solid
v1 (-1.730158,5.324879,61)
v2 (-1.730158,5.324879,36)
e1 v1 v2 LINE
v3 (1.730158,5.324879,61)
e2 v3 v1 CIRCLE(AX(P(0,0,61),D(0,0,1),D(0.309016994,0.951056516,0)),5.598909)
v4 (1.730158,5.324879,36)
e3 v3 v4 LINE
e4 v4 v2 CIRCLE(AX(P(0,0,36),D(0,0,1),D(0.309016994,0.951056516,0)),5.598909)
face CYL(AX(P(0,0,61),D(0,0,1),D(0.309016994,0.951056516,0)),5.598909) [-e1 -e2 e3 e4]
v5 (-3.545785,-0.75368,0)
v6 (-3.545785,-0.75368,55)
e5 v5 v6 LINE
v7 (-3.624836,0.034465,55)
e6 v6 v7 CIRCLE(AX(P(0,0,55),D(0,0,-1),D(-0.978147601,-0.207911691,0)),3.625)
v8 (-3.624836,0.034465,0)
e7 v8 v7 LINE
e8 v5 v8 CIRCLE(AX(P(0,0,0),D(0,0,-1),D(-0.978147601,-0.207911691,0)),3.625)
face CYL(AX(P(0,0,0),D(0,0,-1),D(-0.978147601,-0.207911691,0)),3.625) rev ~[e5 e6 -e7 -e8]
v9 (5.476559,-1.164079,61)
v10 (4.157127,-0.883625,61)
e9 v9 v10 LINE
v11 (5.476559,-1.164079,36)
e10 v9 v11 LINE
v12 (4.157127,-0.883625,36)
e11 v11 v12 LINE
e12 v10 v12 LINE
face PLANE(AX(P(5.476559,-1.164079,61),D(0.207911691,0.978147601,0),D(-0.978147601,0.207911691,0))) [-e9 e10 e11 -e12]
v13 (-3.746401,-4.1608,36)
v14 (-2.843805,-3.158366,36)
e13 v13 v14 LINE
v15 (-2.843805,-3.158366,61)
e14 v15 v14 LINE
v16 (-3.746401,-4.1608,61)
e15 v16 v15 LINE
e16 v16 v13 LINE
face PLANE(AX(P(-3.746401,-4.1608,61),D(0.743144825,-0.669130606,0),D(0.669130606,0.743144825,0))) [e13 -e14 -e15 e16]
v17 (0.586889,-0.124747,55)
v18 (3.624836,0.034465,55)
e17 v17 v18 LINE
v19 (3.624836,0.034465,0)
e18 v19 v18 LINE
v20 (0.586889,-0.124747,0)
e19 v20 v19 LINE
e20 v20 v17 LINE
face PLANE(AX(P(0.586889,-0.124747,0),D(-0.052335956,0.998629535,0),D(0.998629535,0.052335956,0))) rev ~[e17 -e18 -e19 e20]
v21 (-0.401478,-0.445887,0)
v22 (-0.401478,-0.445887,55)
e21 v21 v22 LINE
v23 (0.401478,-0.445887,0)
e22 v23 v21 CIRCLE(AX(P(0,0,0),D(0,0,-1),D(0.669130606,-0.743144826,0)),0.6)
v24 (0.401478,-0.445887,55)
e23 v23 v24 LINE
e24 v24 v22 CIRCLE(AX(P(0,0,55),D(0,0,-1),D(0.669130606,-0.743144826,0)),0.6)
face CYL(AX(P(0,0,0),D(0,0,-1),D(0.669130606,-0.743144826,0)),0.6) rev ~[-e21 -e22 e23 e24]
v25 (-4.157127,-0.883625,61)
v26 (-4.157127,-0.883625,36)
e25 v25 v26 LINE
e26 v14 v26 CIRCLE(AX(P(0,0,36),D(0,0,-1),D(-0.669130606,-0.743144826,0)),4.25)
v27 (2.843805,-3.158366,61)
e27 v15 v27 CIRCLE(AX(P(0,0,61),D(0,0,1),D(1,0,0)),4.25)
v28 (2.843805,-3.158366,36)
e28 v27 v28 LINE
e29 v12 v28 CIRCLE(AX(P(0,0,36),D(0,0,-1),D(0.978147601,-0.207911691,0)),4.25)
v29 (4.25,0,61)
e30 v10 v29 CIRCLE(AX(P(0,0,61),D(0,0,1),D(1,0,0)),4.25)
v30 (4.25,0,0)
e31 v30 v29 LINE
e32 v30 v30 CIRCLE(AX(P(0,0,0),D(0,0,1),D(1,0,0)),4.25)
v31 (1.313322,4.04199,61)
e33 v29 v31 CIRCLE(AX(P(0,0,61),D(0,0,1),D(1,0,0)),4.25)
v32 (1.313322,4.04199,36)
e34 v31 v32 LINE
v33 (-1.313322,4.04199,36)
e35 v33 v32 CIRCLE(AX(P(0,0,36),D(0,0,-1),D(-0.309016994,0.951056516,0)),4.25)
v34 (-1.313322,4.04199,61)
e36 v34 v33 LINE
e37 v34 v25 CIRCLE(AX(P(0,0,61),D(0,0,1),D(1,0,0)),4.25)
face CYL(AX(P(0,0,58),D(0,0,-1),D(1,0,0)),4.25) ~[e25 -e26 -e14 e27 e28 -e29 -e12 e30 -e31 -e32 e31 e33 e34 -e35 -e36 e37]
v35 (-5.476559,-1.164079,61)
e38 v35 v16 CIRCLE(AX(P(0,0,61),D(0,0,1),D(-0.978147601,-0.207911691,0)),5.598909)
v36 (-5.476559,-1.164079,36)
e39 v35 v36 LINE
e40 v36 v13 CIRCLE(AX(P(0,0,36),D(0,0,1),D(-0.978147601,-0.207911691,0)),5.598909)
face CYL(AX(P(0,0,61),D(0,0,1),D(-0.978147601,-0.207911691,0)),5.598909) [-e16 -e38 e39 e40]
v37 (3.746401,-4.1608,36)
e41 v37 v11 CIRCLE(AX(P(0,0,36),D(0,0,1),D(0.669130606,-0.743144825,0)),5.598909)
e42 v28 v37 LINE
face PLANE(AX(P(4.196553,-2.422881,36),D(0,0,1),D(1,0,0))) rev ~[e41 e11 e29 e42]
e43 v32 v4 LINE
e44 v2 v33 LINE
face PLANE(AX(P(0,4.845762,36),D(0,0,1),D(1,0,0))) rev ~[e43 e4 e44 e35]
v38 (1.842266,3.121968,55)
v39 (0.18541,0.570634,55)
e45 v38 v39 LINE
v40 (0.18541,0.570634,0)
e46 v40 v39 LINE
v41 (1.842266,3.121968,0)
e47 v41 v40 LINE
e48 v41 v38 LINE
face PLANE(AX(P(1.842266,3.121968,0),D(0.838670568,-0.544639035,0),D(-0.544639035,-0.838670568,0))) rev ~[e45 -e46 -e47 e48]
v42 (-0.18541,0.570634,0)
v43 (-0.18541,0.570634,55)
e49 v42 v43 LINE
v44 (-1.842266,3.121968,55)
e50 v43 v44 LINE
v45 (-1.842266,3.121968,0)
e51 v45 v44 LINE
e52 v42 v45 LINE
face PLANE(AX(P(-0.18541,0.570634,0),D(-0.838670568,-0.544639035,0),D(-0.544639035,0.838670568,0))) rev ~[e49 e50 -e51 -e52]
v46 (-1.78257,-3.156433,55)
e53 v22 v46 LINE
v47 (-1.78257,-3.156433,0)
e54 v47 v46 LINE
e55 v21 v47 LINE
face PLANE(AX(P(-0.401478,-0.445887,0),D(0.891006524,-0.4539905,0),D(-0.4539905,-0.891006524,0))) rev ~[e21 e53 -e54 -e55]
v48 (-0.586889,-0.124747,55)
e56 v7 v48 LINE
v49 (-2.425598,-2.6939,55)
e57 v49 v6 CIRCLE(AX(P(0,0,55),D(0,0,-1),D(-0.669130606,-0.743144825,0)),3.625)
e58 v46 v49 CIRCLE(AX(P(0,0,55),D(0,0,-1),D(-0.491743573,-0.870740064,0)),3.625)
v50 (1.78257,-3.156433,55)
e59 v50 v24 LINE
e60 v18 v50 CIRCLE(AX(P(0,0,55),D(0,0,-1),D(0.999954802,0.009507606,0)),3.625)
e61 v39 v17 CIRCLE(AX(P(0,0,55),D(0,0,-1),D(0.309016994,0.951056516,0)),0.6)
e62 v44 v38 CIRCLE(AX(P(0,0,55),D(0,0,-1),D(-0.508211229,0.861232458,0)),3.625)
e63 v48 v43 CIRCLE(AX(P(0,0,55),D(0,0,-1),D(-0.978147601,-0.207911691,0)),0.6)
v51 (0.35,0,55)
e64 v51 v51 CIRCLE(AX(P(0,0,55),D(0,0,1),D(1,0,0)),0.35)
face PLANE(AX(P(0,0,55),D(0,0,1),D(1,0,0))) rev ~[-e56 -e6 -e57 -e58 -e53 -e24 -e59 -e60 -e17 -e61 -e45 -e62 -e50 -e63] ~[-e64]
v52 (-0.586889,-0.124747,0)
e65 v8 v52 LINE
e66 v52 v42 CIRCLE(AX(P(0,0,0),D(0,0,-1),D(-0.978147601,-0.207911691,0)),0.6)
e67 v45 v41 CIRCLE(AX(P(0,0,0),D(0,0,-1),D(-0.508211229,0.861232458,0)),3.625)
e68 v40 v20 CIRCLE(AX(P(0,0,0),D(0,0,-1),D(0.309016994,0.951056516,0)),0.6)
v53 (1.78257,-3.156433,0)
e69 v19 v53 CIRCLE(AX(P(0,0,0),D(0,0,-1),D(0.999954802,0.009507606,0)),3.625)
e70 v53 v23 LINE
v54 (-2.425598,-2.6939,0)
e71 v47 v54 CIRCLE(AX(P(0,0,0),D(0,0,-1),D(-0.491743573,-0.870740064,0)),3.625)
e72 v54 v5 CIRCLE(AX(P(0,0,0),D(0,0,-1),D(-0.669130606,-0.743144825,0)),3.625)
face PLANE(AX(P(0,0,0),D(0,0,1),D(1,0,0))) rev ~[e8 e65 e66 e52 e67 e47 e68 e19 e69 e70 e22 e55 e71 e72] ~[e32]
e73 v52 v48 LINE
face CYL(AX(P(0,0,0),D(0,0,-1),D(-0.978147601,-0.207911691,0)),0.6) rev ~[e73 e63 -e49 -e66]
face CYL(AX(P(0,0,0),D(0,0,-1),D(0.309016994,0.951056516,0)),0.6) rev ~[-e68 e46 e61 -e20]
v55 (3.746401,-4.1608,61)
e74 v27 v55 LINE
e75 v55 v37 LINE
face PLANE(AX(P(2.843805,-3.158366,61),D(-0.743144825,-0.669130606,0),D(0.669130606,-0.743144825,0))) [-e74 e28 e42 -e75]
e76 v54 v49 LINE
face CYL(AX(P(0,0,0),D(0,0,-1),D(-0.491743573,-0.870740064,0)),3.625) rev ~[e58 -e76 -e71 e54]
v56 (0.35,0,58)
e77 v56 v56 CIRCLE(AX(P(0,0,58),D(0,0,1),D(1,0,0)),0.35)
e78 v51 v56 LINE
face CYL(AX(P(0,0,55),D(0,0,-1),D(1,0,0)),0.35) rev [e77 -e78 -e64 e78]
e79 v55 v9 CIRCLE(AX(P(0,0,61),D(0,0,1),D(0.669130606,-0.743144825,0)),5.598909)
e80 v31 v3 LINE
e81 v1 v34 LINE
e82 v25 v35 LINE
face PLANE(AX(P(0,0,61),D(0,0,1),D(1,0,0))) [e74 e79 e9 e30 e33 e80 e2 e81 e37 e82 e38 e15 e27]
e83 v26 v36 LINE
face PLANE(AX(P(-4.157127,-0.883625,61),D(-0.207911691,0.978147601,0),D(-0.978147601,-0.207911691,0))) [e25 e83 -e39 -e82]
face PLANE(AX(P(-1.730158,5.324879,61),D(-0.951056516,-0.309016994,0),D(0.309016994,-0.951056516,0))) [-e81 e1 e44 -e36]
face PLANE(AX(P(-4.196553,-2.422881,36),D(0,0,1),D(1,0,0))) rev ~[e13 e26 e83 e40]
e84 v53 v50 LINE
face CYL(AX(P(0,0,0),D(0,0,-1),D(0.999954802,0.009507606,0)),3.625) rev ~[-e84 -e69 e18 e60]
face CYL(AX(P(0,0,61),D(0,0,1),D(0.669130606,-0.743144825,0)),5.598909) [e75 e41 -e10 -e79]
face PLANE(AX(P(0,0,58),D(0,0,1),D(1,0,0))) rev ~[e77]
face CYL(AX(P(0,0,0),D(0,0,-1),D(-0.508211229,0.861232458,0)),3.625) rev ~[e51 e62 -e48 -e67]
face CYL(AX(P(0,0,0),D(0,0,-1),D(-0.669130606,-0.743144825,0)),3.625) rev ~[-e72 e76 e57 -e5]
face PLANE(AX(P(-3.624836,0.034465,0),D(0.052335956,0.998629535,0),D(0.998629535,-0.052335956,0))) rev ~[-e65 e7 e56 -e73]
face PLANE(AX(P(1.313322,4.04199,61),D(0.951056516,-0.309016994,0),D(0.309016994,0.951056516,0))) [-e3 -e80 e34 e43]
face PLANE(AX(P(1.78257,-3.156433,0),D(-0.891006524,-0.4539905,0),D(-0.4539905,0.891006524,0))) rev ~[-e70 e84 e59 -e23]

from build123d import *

# Parameters (mm, degrees)
F0_R     = 4.25
F1_DEPTH = 55
F2_R     = 4.25
F2_R_2   = 0.35
F3_DEPTH = 3
F4_R     = 4.25
F5_DEPTH = 3
F7_DEPTH = 25


with BuildPart() as f1:
    # F0 (on Top) → F1 (new body)
    with BuildSketch(Plane.XY):
        Circle(F0_R)
        with BuildLine():
            ThreePointArc((0.4014783638, -0.4458868953), (0, -0.6), (-0.4014783638, -0.4458868953))
            Line((-0.4014783638, -0.4458868953), (-1.7825704497, -3.1564327321))
            ThreePointArc((-1.7825704497, -3.1564327321), (-2.1167558909, -2.9427826114), (-2.4255984481, -2.6938999924))
            ThreePointArc((-2.4255984481, -2.6938999924), (-3.1393420887, -1.8125), (-3.5457850527, -0.7536798792))
            ThreePointArc((-3.5457850527, -0.7536798792), (-3.6069024448, -0.3617730694), (-3.6248361561, 0.0344650726))
            Line((-3.6248361561, 0.0344650726), (-0.5868885604, -0.1247470145))
            ThreePointArc((-0.5868885604, -0.1247470145), (-0.5196152423, 0.3), (-0.1854101966, 0.5706339098))
            Line((-0.1854101966, 0.5706339098), (-1.8422657065, 3.1219676595))
            ThreePointArc((-1.8422657065, 3.1219676595), (0, 3.625), (1.8422657065, 3.1219676595))
            Line((1.8422657065, 3.1219676595), (0.1854101966, 0.5706339098))
            ThreePointArc((0.1854101966, 0.5706339098), (0.5196152423, 0.3), (0.5868885604, -0.1247470145))
            Line((0.5868885604, -0.1247470145), (3.6248361561, 0.0344650726))
            ThreePointArc((3.6248361561, 0.0344650726), (3.1393420887, -1.8125), (1.7825704497, -3.1564327321))
            Line((1.7825704497, -3.1564327321), (0.4014783638, -0.4458868953))
        make_face(mode=Mode.SUBTRACT)
    extrude(amount=F1_DEPTH)

    # F2 (on face) → F3 (join)
    with BuildSketch(Plane.XY.offset(55)):
        Circle(F2_R)
        Circle(F2_R_2, mode=Mode.SUBTRACT)
    extrude(amount=F3_DEPTH)

    # F4 (on face) → F5 (join)
    with BuildSketch(Plane.XY.offset(58)):
        Circle(F4_R)
    extrude(amount=F5_DEPTH)

    # F6 (on face) → F7 (join)
    with BuildSketch(Plane.XY.offset(61)):
        with BuildLine():
            ThreePointArc((-2.843805077, -3.1583655083), (-3.6806079661, -2.125), (-4.1571273031, -0.883624686))
            Line((-4.1571273031, -0.883624686), (-5.4765591727, -1.1640785875))
            ThreePointArc((-5.4765591727, -1.1640785875), (-4.8487972217, -2.7994543812), (-3.7464012151, -4.1608000751))
            Line((-3.7464012151, -4.1608000751), (-2.843805077, -3.1583655083))
        make_face()
        with BuildLine():
            ThreePointArc((-1.3133222261, 4.0419901943), (0, 4.25), (1.3133222261, 4.0419901943))
            Line((1.3133222261, 4.0419901943), (1.7301579575, 5.3248786626))
            ThreePointArc((1.7301579575, 5.3248786626), (0, 5.5989087624), (-1.7301579575, 5.3248786626))
            Line((-1.7301579575, 5.3248786626), (-1.3133222261, 4.0419901943))
        make_face()
        with BuildLine():
            ThreePointArc((4.1571273031, -0.883624686), (3.6806079661, -2.125), (2.843805077, -3.1583655083))
            Line((2.843805077, -3.1583655083), (3.7464012151, -4.1608000751))
            ThreePointArc((3.7464012151, -4.1608000751), (4.8487972217, -2.7994543812), (5.4765591727, -1.1640785875))
            Line((5.4765591727, -1.1640785875), (4.1571273031, -0.883624686))
        make_face()
    extrude(amount=-F7_DEPTH)


solid = f1.part
